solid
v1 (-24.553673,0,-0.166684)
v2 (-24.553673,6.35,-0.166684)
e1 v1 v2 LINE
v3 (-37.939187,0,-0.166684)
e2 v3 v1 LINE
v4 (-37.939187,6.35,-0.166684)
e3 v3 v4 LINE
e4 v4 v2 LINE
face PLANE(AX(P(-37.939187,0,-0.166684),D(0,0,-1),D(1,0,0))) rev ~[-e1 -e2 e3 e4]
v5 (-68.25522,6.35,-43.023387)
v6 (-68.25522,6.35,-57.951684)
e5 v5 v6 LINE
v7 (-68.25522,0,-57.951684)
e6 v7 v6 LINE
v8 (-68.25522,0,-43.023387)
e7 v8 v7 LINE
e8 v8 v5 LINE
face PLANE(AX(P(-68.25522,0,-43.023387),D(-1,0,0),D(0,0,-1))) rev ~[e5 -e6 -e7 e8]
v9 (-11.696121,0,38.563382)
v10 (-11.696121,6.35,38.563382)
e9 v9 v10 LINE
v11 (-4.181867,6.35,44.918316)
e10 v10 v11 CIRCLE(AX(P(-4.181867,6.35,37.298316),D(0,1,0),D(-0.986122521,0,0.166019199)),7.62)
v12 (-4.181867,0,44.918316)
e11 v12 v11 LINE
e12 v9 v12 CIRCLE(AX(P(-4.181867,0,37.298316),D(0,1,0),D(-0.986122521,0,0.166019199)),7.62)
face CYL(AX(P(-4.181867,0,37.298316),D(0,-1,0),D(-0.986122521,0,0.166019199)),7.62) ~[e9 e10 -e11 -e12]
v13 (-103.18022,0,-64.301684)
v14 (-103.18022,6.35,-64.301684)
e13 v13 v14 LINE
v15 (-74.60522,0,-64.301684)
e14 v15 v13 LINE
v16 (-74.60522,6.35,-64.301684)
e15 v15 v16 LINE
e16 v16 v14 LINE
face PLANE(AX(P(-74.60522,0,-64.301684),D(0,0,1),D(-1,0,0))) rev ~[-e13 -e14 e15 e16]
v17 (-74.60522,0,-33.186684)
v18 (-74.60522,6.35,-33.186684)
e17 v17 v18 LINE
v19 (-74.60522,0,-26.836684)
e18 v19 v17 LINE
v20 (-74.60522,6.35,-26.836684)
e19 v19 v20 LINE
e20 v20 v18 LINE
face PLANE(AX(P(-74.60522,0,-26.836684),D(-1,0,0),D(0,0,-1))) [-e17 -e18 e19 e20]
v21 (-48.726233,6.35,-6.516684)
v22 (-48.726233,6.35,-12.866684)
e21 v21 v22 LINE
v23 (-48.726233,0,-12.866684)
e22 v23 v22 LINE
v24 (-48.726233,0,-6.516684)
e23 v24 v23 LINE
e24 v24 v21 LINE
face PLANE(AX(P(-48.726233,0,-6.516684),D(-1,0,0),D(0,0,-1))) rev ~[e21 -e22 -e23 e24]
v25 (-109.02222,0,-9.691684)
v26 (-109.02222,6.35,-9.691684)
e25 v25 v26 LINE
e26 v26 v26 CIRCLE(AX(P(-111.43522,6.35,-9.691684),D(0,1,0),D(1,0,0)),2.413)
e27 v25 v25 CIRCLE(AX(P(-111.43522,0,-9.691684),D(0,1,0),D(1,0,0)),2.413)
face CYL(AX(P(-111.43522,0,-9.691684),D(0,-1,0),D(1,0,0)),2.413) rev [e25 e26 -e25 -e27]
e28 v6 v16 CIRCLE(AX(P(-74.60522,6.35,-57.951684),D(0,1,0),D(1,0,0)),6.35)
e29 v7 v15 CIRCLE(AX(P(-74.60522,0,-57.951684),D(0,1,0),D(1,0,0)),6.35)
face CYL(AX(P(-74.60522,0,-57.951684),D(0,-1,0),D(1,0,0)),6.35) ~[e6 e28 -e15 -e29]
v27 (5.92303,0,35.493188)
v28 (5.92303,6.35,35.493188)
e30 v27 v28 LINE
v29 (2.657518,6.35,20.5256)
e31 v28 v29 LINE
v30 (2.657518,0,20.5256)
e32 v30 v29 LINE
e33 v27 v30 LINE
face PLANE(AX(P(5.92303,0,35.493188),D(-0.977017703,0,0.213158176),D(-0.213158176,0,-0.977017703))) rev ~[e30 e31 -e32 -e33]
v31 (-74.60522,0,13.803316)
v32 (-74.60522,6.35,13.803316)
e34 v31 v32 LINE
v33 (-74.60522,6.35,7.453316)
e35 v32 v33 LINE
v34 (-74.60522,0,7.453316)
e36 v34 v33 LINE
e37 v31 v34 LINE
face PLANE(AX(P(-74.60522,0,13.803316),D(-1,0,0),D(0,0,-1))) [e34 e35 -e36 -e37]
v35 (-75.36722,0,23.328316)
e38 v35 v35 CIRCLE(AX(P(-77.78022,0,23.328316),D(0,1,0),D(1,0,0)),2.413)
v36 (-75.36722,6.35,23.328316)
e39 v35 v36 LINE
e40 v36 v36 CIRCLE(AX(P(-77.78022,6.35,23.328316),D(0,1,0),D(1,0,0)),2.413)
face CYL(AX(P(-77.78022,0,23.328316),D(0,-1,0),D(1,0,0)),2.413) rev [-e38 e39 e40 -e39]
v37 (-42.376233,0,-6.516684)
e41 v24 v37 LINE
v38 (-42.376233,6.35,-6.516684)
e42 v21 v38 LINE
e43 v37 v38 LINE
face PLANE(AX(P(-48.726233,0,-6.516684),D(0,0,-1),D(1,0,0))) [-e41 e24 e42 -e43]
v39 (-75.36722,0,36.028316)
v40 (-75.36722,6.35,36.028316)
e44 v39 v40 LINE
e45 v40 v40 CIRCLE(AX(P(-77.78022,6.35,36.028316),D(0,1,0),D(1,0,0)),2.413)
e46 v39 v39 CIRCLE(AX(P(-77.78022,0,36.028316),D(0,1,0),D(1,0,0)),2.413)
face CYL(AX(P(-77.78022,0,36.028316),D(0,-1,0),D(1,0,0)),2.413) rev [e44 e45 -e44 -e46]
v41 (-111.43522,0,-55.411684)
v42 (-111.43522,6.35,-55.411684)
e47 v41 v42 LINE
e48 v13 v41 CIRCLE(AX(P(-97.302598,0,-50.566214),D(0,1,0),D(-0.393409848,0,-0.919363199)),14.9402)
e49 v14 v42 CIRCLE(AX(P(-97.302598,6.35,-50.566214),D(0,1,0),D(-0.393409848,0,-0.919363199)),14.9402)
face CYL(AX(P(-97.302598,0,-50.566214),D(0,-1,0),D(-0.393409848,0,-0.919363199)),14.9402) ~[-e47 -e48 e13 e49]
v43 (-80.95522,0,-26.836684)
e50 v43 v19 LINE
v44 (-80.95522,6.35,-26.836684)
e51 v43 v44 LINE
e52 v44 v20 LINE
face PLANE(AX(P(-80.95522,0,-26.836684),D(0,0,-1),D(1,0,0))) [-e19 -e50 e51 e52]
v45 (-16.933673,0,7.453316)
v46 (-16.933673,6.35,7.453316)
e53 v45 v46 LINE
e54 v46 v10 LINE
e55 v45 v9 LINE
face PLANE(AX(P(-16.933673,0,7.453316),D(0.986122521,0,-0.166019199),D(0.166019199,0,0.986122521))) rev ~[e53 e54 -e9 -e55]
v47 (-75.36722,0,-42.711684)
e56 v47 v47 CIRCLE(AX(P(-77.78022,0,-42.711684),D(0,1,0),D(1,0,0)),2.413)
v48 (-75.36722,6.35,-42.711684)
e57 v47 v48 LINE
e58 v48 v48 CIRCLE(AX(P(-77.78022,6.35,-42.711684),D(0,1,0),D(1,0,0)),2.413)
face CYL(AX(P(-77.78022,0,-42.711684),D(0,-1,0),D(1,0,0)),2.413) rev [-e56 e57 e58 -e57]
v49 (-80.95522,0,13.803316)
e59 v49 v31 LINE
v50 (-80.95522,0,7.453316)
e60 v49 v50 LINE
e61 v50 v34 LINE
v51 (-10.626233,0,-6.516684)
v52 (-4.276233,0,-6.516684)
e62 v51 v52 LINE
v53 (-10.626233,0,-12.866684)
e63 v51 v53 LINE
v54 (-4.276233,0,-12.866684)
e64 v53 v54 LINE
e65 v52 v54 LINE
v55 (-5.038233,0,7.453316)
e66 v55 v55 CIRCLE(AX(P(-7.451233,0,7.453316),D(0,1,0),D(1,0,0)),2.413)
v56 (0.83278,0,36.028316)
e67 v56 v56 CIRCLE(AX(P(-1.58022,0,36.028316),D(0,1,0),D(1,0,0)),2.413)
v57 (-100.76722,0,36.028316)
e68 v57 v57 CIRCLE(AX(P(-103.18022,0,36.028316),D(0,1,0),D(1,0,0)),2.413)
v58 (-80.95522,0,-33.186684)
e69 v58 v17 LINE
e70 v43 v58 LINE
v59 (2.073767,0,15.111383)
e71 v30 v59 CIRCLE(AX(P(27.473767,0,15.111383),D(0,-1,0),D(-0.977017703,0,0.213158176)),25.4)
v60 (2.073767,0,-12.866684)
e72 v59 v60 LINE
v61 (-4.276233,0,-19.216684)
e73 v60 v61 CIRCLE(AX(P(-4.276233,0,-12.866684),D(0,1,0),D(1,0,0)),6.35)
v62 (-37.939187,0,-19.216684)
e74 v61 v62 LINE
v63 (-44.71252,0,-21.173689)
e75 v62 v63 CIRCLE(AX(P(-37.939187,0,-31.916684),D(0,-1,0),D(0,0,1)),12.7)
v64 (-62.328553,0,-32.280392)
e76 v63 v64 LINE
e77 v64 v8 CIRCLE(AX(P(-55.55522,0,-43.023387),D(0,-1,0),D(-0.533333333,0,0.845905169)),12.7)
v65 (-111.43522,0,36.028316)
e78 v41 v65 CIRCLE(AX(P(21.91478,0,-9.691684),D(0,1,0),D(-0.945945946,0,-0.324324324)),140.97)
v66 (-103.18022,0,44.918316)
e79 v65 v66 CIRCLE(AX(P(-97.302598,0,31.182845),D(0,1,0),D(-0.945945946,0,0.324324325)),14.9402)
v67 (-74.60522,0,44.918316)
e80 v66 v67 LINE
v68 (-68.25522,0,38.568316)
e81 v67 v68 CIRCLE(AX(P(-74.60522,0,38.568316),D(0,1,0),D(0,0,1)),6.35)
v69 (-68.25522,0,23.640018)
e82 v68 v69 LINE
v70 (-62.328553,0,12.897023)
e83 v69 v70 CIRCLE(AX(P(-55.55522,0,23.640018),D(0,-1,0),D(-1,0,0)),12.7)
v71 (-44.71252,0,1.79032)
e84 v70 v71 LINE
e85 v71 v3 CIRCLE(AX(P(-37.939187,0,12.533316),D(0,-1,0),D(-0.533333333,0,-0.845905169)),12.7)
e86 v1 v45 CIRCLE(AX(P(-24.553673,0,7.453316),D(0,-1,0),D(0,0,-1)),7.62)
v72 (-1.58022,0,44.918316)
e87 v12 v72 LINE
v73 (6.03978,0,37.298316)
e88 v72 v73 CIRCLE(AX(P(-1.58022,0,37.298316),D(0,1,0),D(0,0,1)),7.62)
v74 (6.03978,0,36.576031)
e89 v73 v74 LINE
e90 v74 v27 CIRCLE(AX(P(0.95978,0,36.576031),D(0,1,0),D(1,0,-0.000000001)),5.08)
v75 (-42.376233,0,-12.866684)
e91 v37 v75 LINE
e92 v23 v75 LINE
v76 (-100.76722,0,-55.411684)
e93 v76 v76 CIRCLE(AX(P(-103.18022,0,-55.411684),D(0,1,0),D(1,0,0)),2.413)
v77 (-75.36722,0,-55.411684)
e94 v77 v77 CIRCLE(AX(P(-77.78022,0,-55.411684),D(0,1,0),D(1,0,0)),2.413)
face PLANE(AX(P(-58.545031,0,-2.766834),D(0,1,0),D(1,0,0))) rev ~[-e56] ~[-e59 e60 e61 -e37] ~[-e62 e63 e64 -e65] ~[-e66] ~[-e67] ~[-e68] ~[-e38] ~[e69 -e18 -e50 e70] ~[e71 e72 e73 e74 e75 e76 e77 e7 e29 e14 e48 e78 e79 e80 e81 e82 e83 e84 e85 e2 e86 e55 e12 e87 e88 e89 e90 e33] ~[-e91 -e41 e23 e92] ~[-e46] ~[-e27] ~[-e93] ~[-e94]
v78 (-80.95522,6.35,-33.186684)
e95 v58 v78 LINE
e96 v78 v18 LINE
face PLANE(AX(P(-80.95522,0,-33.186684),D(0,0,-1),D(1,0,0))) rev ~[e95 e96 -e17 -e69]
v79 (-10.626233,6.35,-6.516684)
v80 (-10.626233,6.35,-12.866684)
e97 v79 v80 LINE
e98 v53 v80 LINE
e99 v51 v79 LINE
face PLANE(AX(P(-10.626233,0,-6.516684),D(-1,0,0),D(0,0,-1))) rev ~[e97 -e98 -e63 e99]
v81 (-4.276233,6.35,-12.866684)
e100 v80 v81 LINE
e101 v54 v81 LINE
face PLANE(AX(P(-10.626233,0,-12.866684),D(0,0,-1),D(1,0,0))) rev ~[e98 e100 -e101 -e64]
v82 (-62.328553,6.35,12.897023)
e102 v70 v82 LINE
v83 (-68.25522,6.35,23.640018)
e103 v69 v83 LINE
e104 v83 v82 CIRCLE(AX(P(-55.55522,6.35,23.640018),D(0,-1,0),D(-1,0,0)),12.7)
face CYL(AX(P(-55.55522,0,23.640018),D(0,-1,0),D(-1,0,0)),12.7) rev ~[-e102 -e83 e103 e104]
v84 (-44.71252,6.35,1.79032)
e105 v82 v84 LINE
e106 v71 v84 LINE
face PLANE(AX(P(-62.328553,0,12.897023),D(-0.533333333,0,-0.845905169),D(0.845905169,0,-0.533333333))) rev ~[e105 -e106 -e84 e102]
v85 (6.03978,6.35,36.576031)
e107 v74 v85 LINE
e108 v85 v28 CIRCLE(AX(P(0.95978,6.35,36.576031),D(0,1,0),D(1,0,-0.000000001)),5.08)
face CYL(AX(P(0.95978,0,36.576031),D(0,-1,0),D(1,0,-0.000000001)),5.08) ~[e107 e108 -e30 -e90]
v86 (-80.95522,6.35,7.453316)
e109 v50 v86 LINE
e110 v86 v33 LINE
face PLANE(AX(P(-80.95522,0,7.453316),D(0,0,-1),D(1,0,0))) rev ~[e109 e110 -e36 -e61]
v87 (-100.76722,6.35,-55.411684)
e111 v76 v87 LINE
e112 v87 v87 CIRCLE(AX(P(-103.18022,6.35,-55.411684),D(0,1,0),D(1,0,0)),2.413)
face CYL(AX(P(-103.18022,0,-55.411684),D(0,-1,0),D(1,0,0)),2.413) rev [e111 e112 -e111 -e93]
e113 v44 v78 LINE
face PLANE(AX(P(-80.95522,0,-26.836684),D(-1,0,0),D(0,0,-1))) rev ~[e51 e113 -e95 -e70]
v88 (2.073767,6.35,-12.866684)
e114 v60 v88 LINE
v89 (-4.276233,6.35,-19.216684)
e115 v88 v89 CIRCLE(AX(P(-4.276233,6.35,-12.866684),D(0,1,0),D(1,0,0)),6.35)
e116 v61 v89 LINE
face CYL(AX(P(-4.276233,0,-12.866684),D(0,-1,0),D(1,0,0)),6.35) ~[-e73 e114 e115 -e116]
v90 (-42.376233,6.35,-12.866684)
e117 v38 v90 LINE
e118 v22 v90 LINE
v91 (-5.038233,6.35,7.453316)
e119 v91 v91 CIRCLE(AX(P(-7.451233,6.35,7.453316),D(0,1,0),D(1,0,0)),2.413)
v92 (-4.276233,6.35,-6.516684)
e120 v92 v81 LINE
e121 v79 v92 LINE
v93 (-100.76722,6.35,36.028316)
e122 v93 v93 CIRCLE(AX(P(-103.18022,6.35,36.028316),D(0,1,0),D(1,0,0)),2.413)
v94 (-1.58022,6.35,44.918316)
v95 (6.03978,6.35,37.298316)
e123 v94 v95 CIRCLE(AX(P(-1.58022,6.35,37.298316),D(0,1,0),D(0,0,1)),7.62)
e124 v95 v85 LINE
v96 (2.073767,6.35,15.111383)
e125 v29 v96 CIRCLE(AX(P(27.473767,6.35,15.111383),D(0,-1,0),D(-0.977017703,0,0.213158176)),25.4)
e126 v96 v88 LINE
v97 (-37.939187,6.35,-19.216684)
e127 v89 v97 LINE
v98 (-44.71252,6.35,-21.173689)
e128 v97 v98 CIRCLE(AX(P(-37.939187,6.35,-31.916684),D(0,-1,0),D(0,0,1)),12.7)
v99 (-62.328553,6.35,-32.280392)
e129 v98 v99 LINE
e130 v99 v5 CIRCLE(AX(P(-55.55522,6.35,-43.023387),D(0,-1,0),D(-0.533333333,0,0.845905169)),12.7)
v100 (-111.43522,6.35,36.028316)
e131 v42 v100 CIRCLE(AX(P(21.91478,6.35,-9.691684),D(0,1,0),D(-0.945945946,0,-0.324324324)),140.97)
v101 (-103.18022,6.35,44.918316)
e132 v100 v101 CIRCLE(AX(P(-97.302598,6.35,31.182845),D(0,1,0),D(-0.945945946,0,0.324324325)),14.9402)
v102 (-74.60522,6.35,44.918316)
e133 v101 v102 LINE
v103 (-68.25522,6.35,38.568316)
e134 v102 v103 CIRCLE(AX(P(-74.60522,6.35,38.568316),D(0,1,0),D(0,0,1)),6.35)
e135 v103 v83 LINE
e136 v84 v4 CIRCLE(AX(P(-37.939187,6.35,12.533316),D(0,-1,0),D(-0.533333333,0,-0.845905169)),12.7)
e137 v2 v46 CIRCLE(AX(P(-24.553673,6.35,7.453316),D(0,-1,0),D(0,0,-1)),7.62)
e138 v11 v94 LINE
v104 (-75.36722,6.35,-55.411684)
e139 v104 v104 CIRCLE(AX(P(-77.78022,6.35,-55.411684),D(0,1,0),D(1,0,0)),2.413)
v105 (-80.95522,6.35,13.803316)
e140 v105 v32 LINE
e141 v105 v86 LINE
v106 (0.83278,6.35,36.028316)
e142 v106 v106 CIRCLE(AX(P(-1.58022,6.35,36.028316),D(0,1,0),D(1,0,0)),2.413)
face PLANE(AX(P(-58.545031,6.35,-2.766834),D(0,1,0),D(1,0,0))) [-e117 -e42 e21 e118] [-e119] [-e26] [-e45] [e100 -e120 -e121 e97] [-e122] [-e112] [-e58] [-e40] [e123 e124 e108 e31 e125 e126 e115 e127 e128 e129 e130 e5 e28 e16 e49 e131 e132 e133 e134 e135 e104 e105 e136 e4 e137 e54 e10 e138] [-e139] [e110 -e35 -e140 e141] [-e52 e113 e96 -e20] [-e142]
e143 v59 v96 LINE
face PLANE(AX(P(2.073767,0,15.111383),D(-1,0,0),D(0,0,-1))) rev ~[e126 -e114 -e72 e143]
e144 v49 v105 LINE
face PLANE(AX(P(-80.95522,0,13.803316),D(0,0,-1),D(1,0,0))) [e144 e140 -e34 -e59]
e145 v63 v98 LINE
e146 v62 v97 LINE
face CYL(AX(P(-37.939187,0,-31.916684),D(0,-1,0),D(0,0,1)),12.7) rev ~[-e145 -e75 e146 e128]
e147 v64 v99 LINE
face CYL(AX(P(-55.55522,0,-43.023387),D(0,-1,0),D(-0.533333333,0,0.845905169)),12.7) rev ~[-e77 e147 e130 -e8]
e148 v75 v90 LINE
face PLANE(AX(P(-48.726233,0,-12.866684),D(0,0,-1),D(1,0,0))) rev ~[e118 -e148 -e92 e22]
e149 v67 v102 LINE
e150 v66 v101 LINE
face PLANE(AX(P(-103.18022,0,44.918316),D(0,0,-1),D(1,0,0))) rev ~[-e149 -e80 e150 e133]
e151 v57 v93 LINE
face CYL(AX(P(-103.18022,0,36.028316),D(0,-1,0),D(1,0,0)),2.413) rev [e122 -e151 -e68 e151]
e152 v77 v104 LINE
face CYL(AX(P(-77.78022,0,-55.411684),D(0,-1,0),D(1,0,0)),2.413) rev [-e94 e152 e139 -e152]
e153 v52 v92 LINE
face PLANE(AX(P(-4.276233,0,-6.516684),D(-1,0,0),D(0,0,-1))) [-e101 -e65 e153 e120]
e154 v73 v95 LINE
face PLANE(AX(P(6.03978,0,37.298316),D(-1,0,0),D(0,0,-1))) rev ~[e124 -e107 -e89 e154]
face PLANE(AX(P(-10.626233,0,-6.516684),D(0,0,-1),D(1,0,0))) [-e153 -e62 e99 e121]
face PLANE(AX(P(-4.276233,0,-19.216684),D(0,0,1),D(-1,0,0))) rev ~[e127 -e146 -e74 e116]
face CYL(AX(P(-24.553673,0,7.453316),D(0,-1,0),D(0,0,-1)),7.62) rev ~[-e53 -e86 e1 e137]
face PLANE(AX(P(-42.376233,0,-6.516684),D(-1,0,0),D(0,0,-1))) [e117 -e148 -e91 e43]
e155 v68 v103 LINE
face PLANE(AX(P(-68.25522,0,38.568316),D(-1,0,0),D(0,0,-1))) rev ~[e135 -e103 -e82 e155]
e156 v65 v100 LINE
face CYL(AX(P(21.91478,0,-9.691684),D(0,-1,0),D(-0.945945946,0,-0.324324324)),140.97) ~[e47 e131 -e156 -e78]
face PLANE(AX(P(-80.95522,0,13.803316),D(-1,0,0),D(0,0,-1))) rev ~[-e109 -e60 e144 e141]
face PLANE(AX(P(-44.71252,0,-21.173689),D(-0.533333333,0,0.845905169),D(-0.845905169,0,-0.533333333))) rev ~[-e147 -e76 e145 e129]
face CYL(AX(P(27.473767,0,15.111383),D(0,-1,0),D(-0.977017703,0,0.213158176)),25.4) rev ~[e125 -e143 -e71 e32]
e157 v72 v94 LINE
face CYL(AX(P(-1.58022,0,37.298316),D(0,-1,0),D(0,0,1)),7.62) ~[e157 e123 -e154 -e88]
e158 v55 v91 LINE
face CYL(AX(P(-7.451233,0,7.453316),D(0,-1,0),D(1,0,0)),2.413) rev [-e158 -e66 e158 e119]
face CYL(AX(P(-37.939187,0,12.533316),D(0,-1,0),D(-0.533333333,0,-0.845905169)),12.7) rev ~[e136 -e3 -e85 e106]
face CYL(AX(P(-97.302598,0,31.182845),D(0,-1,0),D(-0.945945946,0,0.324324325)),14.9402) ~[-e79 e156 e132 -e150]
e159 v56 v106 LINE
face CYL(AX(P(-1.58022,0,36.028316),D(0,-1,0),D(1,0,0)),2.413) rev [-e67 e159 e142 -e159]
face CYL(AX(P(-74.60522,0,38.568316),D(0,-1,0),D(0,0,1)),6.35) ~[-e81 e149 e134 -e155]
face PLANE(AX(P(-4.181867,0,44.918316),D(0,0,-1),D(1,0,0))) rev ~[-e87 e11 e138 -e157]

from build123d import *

# Parameters (mm, degrees)
SKETCH1_R           = 2.413
SKETCH1_W           = 6.35
SKETCH1_H           = 6.35
BOSS_EXTRUDE1_DEPTH = 6.35


with BuildPart() as part:
    # Sketch1 → Boss-Extrude1 (new body)
    with BuildSketch(Plane(origin=(0, 0, 0), x_dir=(1, 0, 0), z_dir=(0, 1, 0))):
        with BuildLine():
            Line((-4.276232573, 19.216684391), (-37.939187052, 19.216684391))
            ThreePointArc((-37.939187052, 19.216684391), (-41.464378908, 19.715740887), (-44.712520386, 21.17368874))
            Line((-44.712520386, 21.17368874), (-62.328552859, 32.280391547))
            ThreePointArc((-62.328552859, 32.280391547), (-66.67527648, 36.888704376), (-68.255219526, 43.023387198))
            Line((-68.255219526, 43.023387198), (-68.255219526, 57.951684391))
            ThreePointArc((-68.255219526, 57.951684391), (-70.115091465, 62.441812452), (-74.605219526, 64.301684391))
            Line((-74.605219526, 64.301684391), (-103.180219526, 64.301684391))
            ThreePointArc((-103.180219526, 64.301684391), (-108.250679153, 60.73228976), (-111.435219526, 55.411684391))
            ThreePointArc((-111.435219526, 55.411684391), (-119.055219526, 9.691684391), (-111.435219526, -36.028315609))
            ThreePointArc((-111.435219526, -36.028315609), (-108.250679153, -41.348920977), (-103.180219526, -44.918315609))
            Line((-103.180219526, -44.918315609), (-74.605219526, -44.918315609))
            ThreePointArc((-74.605219526, -44.918315609), (-70.115091465, -43.058443669), (-68.255219526, -38.568315609))
            Line((-68.255219526, -38.568315609), (-68.255219526, -23.640018416))
            ThreePointArc((-68.255219526, -23.640018416), (-66.67527648, -17.505335593), (-62.328552859, -12.897022765))
            Line((-62.328552859, -12.897022765), (-44.712520386, -1.790319958))
            ThreePointArc((-44.712520386, -1.790319958), (-41.464378908, -0.332372105), (-37.939187052, 0.166684391))
            Line((-37.939187052, 0.166684391), (-27.387614836, 0.166684391))
            Line((-27.387614836, 0.166684391), (-24.553673229, 0.166684391))
            ThreePointArc((-24.553673229, 0.166684391), (-19.165519557, -2.065161936), (-16.933673229, -7.453315609))
            Line((-16.933673229, -7.453315609), (-11.696120928, -38.563381903))
            ThreePointArc((-11.696120928, -38.563381903), (-9.102466616, -43.116571583), (-4.181867321, -44.918315609))
            Line((-4.181867321, -44.918315609), (-1.580219526, -44.918315609))
            ThreePointArc((-1.580219526, -44.918315609), (3.807934147, -42.686469281), (6.039780474, -37.298315609))
            Line((6.039780474, -37.298315609), (6.039780474, -36.576031258))
            ThreePointArc((6.039780474, -36.576031258), (6.010508622, -36.031471642), (5.923030406, -35.493187723))
            Line((5.923030406, -35.493187723), (2.657517771, -20.525600214))
            ThreePointArc((2.657517771, -20.525600214), (2.220126687, -17.834180618), (2.073767427, -15.111382542))
            Line((2.073767427, -15.111382542), (2.073767427, 5.246684391))
            Line((2.073767427, 5.246684391), (2.073767427, 12.866684391))
            ThreePointArc((2.073767427, 12.866684391), (0.213895488, 17.356812452), (-4.276232573, 19.216684391))
        make_face()
        with Locations((-103.180219526, -36.028315609)):
            Circle(SKETCH1_R, mode=Mode.SUBTRACT)
        with Locations((-77.780219526, -36.028315609)):
            Circle(SKETCH1_R, mode=Mode.SUBTRACT)
        with Locations((-77.780219526, -23.328315609)):
            Circle(SKETCH1_R, mode=Mode.SUBTRACT)
        with Locations((-77.780219526, -10.628315609)):
            Rectangle(SKETCH1_W, SKETCH1_H, mode=Mode.SUBTRACT)
        with Locations((-1.580219526, -36.028315609)):
            Circle(SKETCH1_R, mode=Mode.SUBTRACT)
        with Locations((-7.451232573, -7.453315609)):
            Circle(SKETCH1_R, mode=Mode.SUBTRACT)
        with Locations((-111.435219526, 9.691684391)):
            Circle(SKETCH1_R, mode=Mode.SUBTRACT)
        with Locations((-77.780219526, 30.011684391)):
            Rectangle(SKETCH1_W, SKETCH1_H, mode=Mode.SUBTRACT)
        with Locations((-103.180219526, 55.411684391)):
            Circle(SKETCH1_R, mode=Mode.SUBTRACT)
        with Locations((-77.780219526, 42.711684391)):
            Circle(SKETCH1_R, mode=Mode.SUBTRACT)
        with Locations((-77.780219526, 55.411684391)):
            Circle(SKETCH1_R, mode=Mode.SUBTRACT)
        with Locations((-45.551232573, 9.691684391)):
            Rectangle(SKETCH1_W, SKETCH1_H, mode=Mode.SUBTRACT)
        with Locations((-7.451232573, 9.691684391)):
            Rectangle(SKETCH1_W, SKETCH1_H, mode=Mode.SUBTRACT)
    extrude(amount=BOSS_EXTRUDE1_DEPTH)


solid = part.part
